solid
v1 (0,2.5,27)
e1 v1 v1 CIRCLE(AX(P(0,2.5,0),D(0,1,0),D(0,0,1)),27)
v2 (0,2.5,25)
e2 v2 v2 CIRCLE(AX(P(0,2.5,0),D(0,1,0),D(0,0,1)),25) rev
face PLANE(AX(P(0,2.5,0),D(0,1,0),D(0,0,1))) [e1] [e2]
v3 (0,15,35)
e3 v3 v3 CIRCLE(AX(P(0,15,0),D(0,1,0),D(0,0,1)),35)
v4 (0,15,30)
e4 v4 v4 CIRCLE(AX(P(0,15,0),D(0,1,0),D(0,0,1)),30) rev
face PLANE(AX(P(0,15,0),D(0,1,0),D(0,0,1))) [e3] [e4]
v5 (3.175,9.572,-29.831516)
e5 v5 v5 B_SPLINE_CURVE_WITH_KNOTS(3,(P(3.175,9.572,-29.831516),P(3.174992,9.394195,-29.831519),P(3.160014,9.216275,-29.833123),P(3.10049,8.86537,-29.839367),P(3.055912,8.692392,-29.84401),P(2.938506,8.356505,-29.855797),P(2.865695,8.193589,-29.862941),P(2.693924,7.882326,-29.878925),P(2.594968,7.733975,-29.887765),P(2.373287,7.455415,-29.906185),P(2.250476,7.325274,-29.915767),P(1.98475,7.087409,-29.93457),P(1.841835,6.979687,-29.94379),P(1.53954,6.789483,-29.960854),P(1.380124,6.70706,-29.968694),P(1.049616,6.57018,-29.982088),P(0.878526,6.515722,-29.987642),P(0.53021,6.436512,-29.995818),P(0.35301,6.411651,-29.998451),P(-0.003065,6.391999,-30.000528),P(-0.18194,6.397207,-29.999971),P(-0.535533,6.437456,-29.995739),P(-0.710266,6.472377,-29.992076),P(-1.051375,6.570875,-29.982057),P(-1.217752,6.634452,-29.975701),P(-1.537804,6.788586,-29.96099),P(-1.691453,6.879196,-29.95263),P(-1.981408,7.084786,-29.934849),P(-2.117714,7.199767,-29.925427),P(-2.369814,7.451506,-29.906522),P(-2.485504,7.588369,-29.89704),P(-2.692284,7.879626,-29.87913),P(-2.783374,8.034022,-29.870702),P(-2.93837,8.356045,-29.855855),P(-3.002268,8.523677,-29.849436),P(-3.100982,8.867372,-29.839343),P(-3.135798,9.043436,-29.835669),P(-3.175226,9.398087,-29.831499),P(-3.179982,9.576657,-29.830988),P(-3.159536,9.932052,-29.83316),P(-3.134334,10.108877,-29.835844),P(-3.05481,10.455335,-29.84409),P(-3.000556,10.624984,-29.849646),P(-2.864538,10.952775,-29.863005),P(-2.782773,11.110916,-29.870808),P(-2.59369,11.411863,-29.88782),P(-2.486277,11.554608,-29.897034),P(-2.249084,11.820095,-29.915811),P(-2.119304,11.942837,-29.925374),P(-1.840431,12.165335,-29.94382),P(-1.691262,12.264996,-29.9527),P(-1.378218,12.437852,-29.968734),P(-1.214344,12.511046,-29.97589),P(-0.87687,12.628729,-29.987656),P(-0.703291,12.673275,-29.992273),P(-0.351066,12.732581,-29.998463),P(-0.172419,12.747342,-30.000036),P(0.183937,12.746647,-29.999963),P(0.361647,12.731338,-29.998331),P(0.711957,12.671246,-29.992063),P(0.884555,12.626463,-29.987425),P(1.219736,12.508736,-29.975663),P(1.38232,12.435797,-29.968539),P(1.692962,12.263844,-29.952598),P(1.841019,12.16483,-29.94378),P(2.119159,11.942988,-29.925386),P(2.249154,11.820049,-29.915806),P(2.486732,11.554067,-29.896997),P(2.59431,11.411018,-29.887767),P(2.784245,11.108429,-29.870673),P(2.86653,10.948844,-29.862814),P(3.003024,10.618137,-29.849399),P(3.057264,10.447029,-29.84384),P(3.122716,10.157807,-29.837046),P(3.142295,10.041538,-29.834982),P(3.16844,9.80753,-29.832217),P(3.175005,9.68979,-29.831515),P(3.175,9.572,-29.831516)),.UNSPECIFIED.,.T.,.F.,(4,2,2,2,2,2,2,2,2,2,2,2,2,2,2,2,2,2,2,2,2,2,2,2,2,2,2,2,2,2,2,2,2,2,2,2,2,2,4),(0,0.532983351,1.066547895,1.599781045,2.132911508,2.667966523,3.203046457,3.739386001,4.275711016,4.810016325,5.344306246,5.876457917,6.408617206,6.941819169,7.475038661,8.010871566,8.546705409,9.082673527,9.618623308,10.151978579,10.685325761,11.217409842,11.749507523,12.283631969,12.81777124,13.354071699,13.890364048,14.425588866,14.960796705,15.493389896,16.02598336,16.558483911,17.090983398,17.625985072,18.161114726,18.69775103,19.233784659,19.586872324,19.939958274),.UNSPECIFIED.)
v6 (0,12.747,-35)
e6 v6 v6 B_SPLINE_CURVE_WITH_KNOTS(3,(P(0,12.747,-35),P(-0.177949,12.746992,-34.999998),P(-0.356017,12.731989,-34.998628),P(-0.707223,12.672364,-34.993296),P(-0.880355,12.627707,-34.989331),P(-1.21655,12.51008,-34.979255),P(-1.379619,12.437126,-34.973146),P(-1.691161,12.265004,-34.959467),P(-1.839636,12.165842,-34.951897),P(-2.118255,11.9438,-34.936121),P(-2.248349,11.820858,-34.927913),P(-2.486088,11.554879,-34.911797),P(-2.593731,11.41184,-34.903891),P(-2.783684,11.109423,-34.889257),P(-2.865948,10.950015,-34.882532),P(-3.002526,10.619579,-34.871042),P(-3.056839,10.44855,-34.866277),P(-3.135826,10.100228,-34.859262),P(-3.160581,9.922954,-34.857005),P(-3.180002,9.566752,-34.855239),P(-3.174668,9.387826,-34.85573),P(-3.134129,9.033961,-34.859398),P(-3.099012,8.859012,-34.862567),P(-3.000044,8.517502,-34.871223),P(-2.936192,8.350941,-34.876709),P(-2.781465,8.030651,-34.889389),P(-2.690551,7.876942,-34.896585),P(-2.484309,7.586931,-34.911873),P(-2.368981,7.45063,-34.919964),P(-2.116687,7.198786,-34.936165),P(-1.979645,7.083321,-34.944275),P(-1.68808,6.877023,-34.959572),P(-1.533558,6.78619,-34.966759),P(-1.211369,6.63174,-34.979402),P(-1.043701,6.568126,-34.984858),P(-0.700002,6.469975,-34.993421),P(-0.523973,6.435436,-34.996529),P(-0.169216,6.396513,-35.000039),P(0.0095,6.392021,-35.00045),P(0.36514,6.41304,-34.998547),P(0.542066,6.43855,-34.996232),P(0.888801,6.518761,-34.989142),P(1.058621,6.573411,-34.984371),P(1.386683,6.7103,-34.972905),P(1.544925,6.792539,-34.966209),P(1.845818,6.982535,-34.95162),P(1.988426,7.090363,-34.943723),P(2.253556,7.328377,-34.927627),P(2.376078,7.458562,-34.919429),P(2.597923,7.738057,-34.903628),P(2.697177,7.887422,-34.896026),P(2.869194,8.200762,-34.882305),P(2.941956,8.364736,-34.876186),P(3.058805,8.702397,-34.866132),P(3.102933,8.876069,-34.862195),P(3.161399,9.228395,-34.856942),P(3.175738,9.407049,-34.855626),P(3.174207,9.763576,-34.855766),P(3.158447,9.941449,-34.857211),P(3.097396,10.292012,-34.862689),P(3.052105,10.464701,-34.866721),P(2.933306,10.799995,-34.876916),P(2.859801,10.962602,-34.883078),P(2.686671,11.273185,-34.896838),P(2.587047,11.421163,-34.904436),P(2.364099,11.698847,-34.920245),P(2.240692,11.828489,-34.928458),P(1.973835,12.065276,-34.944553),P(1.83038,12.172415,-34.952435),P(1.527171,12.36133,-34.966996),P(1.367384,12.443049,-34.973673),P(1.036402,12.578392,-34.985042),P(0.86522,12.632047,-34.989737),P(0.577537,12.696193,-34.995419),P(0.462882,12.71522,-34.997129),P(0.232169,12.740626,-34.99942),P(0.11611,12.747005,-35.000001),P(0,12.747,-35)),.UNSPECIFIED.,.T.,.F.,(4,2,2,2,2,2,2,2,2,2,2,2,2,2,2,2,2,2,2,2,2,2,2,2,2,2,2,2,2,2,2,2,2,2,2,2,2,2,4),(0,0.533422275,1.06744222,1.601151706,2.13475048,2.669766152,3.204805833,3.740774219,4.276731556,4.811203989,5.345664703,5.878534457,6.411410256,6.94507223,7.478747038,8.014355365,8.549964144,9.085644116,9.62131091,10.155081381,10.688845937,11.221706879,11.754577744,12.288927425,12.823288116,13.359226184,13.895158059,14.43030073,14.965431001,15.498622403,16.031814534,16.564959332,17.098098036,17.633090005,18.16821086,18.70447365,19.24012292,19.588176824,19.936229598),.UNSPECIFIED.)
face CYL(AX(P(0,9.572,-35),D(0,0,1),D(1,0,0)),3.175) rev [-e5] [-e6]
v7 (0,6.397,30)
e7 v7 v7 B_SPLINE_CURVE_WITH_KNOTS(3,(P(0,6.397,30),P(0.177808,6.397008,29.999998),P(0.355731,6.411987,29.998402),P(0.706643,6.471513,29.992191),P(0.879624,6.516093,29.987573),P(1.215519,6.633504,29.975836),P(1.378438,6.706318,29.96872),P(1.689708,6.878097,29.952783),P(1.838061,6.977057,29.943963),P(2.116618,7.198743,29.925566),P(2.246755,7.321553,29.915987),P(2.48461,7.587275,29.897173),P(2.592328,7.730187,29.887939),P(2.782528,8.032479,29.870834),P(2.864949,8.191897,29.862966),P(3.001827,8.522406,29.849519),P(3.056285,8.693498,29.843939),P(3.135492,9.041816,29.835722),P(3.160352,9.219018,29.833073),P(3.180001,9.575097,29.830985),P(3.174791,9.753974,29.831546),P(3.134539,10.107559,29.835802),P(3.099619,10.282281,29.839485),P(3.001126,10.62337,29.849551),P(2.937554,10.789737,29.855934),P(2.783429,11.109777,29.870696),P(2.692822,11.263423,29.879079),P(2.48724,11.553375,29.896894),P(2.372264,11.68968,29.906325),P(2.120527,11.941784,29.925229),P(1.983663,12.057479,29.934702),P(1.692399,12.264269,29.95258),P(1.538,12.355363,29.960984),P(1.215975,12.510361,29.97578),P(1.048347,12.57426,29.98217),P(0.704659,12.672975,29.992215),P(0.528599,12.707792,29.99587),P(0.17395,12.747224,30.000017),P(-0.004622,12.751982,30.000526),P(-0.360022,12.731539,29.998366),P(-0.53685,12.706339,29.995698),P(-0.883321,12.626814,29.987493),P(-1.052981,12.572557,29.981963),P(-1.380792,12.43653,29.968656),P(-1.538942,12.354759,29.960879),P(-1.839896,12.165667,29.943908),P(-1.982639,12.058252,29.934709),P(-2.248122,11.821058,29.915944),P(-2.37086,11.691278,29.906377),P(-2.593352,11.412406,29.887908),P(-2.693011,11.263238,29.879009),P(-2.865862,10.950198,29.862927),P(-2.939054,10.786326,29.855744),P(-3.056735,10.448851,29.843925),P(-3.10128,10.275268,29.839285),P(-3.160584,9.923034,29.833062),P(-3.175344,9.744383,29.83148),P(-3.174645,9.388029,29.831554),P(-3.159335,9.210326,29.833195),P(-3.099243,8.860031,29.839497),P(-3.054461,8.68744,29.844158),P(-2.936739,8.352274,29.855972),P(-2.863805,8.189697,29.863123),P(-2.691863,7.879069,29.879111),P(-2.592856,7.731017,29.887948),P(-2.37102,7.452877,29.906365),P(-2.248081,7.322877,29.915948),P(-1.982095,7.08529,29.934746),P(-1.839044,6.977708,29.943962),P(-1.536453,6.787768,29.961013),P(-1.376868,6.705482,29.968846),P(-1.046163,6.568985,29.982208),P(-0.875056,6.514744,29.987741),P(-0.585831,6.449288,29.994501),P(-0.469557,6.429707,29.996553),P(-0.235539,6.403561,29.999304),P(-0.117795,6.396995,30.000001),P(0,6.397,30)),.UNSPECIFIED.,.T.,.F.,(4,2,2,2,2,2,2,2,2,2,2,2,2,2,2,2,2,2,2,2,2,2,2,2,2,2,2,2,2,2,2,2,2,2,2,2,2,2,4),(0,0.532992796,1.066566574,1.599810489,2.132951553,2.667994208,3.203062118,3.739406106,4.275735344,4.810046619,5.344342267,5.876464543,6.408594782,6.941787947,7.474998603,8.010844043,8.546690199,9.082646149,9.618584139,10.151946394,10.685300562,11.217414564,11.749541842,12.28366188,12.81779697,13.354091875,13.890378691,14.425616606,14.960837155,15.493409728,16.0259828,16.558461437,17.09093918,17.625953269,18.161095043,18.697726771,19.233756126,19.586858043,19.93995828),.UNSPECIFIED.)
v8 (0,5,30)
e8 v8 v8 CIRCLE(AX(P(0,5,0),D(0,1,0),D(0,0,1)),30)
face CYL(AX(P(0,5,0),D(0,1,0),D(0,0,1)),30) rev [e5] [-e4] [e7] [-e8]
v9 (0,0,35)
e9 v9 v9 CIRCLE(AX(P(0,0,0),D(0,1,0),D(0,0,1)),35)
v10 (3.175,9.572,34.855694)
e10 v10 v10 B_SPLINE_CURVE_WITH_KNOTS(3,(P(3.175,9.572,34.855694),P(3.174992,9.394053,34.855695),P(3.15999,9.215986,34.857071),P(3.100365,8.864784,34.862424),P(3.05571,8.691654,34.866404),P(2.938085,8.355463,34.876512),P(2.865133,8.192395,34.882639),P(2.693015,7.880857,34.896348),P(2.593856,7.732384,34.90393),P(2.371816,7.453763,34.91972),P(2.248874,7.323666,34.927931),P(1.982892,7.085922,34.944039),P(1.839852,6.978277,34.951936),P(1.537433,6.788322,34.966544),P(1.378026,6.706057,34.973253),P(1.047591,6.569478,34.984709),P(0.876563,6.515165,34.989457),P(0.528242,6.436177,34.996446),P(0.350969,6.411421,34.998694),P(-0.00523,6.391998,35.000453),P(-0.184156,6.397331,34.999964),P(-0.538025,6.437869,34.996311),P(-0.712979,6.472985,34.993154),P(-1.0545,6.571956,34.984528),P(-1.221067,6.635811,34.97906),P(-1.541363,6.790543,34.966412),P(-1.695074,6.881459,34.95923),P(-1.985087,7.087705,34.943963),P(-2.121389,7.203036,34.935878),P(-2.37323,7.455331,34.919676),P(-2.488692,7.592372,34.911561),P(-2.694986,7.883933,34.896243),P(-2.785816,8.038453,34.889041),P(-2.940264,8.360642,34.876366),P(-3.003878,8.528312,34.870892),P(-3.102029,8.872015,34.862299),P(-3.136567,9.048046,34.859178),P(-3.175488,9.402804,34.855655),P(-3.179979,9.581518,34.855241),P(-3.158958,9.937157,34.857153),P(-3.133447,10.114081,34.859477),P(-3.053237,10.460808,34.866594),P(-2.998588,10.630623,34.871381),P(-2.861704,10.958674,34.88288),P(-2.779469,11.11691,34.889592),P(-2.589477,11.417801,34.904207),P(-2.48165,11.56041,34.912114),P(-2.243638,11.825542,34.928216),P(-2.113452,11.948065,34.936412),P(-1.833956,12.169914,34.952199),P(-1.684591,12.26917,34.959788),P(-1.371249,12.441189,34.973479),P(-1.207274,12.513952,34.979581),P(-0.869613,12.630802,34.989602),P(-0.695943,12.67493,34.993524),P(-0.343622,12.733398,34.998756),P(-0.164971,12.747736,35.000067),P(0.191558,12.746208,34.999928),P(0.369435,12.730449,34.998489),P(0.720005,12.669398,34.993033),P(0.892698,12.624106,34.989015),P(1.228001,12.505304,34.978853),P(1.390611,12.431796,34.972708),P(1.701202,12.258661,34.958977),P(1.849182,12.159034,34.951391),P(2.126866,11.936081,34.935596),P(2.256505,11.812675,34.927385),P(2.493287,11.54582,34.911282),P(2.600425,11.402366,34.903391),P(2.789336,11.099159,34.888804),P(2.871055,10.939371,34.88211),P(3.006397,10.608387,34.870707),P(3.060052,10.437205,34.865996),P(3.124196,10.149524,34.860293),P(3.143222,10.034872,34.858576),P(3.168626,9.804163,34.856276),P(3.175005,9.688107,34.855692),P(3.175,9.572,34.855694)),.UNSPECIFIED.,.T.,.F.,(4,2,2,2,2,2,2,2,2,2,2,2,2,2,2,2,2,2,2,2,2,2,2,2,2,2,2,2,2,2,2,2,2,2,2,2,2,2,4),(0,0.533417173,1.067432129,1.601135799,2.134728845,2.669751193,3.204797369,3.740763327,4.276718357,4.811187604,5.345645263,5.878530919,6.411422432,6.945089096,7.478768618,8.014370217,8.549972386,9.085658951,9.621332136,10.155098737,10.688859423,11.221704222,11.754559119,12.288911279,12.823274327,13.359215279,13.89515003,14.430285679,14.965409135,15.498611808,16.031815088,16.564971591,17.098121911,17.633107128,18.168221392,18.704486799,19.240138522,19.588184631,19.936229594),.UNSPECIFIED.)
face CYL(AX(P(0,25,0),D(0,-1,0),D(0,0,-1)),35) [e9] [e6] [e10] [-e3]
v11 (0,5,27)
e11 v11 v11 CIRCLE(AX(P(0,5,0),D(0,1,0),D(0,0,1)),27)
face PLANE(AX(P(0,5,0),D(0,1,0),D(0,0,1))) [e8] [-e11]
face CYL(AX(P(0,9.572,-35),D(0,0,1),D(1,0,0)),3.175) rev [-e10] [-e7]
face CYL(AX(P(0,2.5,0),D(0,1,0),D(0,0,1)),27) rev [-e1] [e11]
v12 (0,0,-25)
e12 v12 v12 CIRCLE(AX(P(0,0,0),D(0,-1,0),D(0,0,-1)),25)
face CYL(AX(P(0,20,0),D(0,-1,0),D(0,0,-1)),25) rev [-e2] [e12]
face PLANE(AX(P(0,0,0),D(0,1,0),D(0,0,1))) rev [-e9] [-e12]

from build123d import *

# Parameters (mm, degrees)
SKETCH1_R               = 35
BOSS_EXTRUDE1_DEPTH     = 25
SKETCH2_R               = 30
CUT_EXTRUDE1_DEPTH      = 20
SKETCH3_R               = 25
CUT_EXTRUDE2_DEPTH      = 20
SKETCH4_R               = 27
CUT_EXTRUDE3_DEPTH      = 2.5
SKETCH5_R               = 55.910187051
CUT_EXTRUDE4_DEPTH      = 10
CUT_EXTRUDE6_DEPTH      = 52.720402164
CUT_EXTRUDE6_DEPTH_BACK = 52.720402164
SKETCH7_R               = 3.175


with BuildPart() as part:
    # Sketch1 → Boss-Extrude1 (new body)
    with BuildSketch(Plane(origin=(0, 0, 0), x_dir=(1, 0, 0), z_dir=(0, 1, 0))):
        with Locations(Location((0, 0, 0), (0, 0, 270))):
            Circle(SKETCH1_R)
    extrude(amount=BOSS_EXTRUDE1_DEPTH)

    # Sketch2 → Cut-Extrude1 (cut)
    with BuildSketch(Plane(origin=(0, 25, 0), x_dir=(1, 0, 0), z_dir=(0, 1, 0))):
        with Locations(Location((0, 0, 0), (0, 0, 270))):
            Circle(SKETCH2_R)
    extrude(amount=-CUT_EXTRUDE1_DEPTH, mode=Mode.SUBTRACT)

    # Sketch3 → Cut-Extrude2 (cut)
    with BuildSketch(Plane.XZ):
        with Locations(Location((0, 0, 0), (0, 0, 270))):
            Circle(SKETCH3_R)
    extrude(amount=-CUT_EXTRUDE2_DEPTH, mode=Mode.SUBTRACT)

    # Sketch4 → Cut-Extrude3 (cut)
    with BuildSketch(Plane(origin=(0, 5, 0), x_dir=(1, 0, 0), z_dir=(0, 1, 0))):
        with Locations(Location((0, 0, 0), (0, 0, 270))):
            Circle(SKETCH4_R)
    extrude(amount=-CUT_EXTRUDE3_DEPTH, mode=Mode.SUBTRACT)

    # Sketch5 → Cut-Extrude4 (cut)
    with BuildSketch(Plane(origin=(0, 25, 0), x_dir=(1, 0, 0), z_dir=(0, 1, 0))):
        Circle(SKETCH5_R)
    extrude(amount=-CUT_EXTRUDE4_DEPTH, mode=Mode.SUBTRACT)

    # Sketch7 → Cut-Extrude6 (cut, two sides: drawn at the far end of the back side and taken through both)
    with BuildSketch(Plane.XY.offset(-CUT_EXTRUDE6_DEPTH_BACK)):
        with Locations((0, 9.572)):
            Circle(SKETCH7_R)
    extrude(amount=CUT_EXTRUDE6_DEPTH + CUT_EXTRUDE6_DEPTH_BACK, mode=Mode.SUBTRACT)


solid = part.part
